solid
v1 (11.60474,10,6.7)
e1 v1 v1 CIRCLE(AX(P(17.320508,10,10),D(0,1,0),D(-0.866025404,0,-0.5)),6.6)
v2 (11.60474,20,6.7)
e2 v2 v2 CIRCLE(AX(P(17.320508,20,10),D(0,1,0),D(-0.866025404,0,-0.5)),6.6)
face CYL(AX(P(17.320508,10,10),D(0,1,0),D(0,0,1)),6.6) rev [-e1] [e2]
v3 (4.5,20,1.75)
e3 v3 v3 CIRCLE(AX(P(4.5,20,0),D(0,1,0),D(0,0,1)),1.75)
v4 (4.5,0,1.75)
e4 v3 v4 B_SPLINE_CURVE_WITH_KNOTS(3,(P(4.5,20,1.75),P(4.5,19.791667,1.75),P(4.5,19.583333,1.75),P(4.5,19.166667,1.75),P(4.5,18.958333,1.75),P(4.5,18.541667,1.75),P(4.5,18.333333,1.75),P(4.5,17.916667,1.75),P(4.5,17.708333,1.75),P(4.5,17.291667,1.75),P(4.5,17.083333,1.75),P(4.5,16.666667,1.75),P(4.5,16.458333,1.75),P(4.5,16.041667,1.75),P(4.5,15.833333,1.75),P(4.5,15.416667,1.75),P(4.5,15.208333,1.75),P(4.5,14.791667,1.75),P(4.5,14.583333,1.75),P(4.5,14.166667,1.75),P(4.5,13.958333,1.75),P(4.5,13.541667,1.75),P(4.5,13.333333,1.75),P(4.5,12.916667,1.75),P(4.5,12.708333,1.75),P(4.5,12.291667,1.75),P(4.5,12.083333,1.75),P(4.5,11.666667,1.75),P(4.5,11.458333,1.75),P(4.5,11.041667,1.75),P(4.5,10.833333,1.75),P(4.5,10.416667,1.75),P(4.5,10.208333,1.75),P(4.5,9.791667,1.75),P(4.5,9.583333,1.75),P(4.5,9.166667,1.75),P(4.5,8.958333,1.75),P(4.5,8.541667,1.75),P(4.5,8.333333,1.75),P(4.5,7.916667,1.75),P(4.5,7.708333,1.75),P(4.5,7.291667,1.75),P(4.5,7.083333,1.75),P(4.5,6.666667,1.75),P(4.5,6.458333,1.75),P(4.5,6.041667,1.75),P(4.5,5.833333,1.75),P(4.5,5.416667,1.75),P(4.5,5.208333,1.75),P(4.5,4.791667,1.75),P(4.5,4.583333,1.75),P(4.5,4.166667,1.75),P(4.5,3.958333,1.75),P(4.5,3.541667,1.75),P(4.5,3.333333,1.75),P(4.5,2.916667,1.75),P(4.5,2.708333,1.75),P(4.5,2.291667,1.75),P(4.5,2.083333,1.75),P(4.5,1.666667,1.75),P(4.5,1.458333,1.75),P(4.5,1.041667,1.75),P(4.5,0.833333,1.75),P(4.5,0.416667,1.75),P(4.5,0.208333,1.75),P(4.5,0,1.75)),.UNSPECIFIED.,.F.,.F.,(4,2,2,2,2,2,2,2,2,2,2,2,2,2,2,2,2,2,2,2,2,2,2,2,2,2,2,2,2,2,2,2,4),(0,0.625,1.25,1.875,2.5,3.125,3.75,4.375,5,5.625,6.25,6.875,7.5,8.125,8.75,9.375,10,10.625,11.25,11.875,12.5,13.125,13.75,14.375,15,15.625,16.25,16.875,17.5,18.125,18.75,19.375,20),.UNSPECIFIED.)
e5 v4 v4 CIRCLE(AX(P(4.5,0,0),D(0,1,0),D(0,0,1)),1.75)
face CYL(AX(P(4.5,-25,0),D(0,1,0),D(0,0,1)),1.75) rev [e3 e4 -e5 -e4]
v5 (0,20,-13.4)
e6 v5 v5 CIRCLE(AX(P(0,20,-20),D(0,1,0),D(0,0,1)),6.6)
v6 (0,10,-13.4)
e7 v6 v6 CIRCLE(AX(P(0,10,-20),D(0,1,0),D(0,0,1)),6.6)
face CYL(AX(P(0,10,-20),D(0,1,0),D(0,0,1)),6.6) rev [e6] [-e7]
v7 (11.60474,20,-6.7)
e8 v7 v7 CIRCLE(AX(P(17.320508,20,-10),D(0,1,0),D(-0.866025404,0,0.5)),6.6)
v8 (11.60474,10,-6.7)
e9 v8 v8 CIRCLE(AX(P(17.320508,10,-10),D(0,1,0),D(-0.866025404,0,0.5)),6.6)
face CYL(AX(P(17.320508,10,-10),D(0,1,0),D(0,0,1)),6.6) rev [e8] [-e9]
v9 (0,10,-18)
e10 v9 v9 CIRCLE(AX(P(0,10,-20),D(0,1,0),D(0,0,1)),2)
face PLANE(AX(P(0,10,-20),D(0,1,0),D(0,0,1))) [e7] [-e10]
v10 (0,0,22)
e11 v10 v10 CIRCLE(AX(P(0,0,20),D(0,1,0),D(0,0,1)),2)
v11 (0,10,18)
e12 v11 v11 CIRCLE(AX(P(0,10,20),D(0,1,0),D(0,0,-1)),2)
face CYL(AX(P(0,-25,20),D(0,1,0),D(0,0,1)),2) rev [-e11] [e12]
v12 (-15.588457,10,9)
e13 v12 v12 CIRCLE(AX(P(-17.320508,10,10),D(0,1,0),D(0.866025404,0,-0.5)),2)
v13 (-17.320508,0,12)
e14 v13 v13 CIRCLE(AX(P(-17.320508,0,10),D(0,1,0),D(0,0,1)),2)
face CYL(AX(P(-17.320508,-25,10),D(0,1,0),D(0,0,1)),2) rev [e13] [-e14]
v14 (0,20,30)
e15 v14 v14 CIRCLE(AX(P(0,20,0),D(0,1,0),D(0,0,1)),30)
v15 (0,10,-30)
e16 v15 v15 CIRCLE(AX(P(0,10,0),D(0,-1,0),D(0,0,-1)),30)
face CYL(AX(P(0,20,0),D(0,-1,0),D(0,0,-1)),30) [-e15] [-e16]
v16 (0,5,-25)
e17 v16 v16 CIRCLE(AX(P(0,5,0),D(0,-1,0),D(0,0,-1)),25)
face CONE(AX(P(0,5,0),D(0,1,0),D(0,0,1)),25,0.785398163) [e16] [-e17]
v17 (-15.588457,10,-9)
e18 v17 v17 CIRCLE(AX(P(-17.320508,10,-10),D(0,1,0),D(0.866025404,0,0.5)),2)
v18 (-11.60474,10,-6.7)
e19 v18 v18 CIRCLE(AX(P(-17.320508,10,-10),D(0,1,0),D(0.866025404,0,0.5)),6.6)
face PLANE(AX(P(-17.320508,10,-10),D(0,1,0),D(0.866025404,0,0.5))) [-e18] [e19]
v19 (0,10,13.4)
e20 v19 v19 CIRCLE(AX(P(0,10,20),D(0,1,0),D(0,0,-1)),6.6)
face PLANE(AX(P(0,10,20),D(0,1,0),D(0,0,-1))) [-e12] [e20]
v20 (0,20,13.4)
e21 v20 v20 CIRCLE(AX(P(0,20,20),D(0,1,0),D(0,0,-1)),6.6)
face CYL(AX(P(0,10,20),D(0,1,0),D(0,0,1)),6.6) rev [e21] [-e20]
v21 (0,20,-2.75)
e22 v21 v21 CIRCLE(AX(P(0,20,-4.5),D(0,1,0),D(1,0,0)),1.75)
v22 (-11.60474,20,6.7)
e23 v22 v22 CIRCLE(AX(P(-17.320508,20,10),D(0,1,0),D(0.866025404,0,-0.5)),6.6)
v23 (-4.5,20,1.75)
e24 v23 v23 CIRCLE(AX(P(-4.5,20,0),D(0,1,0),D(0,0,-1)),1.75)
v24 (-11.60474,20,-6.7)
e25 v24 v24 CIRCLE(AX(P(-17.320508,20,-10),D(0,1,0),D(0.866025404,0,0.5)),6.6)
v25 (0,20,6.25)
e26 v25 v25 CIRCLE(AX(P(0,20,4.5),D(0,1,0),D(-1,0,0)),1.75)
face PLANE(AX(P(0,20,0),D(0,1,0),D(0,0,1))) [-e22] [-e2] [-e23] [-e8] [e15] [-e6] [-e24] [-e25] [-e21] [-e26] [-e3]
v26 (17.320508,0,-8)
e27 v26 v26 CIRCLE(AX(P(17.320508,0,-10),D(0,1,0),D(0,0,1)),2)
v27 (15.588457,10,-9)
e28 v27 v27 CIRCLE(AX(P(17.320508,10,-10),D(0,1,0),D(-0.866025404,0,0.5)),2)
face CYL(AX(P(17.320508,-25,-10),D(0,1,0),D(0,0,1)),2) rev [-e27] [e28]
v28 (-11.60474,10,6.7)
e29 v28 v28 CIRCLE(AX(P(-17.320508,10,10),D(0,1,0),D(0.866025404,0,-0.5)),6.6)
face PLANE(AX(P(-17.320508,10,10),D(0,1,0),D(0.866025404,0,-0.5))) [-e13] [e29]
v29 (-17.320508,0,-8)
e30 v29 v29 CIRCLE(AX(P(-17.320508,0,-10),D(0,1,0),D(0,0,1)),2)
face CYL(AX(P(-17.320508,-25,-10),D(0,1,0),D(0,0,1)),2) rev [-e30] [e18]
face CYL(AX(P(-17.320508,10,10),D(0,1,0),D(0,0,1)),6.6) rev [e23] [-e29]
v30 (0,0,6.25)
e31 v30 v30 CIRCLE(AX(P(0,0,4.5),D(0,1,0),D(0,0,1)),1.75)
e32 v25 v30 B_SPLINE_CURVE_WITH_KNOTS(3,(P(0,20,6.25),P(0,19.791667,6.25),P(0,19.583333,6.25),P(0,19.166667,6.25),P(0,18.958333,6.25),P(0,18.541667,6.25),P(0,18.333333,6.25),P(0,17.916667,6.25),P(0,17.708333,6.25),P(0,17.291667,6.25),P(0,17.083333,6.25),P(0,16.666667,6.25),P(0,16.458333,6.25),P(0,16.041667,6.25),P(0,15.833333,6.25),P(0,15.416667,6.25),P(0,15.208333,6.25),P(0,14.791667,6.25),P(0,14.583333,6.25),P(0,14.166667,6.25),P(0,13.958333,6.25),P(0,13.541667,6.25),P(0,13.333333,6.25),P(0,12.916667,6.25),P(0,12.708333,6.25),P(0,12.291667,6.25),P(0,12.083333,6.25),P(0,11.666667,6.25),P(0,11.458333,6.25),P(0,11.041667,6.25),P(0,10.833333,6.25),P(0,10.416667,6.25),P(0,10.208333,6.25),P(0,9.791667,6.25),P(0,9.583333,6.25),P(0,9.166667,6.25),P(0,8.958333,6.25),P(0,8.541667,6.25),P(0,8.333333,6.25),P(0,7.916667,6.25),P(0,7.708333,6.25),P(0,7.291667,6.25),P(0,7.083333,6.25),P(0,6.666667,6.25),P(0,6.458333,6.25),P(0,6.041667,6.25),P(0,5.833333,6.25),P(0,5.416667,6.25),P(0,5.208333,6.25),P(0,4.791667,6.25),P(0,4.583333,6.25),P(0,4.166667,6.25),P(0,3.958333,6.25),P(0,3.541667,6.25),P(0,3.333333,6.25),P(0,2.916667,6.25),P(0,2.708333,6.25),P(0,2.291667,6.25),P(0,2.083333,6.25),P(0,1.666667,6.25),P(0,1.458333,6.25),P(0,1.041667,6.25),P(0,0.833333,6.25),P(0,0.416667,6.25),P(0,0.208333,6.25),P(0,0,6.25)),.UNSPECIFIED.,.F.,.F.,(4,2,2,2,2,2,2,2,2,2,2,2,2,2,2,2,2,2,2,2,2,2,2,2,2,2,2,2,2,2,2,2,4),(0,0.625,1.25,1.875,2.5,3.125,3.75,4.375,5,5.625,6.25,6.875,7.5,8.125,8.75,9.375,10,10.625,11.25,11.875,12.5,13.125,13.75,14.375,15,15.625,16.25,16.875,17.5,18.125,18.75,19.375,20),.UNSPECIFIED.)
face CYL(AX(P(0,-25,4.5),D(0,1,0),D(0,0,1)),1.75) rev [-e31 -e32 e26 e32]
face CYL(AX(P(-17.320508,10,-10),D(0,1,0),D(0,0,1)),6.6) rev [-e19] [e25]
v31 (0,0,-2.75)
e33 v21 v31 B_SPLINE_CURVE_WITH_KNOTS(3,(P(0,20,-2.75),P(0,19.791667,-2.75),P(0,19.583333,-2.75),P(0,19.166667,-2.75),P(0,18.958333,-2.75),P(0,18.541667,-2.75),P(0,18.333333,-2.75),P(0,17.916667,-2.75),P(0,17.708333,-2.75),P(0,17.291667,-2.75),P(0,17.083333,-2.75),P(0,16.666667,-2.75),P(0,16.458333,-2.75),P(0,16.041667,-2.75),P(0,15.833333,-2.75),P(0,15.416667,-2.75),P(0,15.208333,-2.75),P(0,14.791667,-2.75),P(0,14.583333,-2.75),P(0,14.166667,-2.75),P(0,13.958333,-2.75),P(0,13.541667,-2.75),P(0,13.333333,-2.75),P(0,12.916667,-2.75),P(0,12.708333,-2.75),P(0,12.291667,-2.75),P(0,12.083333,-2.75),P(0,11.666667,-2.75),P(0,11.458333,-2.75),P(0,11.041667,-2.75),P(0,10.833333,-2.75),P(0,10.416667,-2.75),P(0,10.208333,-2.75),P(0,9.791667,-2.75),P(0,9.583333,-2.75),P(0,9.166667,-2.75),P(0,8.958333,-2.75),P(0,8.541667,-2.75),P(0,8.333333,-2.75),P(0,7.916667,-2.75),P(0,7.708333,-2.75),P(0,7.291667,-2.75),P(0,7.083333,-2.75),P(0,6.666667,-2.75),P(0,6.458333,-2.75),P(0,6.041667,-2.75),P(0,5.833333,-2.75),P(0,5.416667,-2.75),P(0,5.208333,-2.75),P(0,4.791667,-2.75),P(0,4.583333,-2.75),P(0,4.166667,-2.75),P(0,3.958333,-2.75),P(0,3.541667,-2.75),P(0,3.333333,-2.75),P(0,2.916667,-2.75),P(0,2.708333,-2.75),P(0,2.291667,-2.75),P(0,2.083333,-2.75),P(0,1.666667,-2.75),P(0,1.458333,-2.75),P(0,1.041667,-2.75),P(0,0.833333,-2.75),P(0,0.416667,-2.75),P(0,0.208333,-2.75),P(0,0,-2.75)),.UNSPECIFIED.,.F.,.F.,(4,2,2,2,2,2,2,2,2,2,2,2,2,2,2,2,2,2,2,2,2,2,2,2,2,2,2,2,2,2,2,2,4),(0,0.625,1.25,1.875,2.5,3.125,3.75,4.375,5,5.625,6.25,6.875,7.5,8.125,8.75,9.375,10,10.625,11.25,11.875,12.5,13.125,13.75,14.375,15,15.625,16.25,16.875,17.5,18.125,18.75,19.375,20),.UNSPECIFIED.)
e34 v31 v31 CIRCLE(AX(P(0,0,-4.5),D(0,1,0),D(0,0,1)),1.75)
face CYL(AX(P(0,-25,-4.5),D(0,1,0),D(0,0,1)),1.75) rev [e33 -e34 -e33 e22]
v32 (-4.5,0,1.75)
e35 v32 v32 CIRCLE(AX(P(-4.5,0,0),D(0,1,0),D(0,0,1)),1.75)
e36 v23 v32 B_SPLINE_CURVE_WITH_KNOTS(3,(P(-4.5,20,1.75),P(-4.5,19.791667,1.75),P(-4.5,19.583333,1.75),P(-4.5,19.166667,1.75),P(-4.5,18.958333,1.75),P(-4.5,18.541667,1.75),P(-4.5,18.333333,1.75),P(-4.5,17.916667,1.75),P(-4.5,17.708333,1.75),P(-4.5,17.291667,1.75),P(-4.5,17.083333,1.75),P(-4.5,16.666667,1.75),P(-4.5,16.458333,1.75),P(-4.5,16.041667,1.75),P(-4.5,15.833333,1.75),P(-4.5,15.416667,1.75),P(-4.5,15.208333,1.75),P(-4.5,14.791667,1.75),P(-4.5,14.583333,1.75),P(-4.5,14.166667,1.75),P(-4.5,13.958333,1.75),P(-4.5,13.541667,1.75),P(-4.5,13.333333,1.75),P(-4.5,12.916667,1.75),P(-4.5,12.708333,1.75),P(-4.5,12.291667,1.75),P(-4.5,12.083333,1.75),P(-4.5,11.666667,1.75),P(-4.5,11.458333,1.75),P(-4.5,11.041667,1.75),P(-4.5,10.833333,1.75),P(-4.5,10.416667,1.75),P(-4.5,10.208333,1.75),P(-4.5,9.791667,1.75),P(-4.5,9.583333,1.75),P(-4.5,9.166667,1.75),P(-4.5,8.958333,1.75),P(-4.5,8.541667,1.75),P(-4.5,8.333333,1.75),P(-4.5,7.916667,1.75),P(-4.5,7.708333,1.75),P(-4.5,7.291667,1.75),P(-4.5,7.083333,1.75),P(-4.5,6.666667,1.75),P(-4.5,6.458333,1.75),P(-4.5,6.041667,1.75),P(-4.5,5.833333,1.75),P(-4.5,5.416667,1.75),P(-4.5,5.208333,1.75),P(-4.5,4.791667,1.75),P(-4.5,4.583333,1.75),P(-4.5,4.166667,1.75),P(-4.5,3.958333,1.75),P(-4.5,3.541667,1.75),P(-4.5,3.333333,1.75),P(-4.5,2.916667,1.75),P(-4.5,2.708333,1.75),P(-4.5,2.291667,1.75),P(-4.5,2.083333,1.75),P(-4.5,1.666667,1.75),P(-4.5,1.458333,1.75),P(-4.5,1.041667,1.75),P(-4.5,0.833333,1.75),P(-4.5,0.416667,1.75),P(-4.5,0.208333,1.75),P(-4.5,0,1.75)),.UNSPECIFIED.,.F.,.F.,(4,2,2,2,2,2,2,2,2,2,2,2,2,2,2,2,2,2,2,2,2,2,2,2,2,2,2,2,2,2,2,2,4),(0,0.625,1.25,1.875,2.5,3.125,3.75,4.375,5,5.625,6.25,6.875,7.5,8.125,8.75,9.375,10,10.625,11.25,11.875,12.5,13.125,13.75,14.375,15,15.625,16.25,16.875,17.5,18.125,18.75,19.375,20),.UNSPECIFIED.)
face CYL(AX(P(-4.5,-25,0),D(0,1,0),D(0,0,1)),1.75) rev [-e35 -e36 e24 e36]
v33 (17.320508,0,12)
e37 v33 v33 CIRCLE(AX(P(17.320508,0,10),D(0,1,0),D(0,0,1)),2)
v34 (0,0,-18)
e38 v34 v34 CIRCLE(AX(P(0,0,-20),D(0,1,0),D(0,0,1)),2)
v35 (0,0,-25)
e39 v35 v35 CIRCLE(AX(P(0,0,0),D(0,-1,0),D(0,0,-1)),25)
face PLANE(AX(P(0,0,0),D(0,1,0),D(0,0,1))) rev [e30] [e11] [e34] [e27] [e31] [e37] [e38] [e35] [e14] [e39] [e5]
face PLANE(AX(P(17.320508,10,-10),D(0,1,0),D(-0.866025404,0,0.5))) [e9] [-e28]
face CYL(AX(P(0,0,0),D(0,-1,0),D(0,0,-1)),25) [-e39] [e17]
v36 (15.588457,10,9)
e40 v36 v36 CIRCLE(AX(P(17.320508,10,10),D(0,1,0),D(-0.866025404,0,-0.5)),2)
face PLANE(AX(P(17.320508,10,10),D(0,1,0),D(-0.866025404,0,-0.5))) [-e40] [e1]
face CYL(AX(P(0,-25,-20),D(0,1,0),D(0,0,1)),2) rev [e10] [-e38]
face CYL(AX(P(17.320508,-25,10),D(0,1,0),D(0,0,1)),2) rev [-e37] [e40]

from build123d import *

# Parameters (mm, degrees)
SKETCH1_R           = 30
BOSS_EXTRUDE1_DEPTH = 20
SKETCH2_R           = 6.6
CUT_EXTRUDE1_DEPTH  = 10
SKETCH3_R           = 2
CUT_EXTRUDE2_DEPTH  = 35
CIRPATTERN1_COUNT   = 6
SKETCH6_R           = 1.75
CUT_EXTRUDE4_DEPTH  = 45
CIRPATTERN3_COUNT   = 4


with BuildPart() as part:
    # Sketch1 → Boss-Extrude1 (new body)
    with BuildSketch(Plane(origin=(0, 0, 0), x_dir=(1, 0, 0), z_dir=(0, 1, 0))):
        with Locations(Location((0, 0, 0), (0, 0, 270))):
            Circle(SKETCH1_R)
    extrude(amount=BOSS_EXTRUDE1_DEPTH)

    # Sketch2 → Cut-Extrude1 (cut)
    with BuildSketch(Plane(origin=(0, 20, 0), x_dir=(1, 0, 0), z_dir=(0, 1, 0))):
        with Locations(Location((0, 20, 0), (0, 0, 270))):
            Circle(SKETCH2_R)
    cut_extrude1 = extrude(amount=-CUT_EXTRUDE1_DEPTH, mode=Mode.SUBTRACT)

    # Sketch3 → Cut-Extrude2 (cut)
    with BuildSketch(Plane(origin=(0, 10, 0), x_dir=(1, 0, 0), z_dir=(0, 1, 0))):
        with Locations(Location((0, 20, 0), (0, 0, 270))):
            Circle(SKETCH3_R)
    cut_extrude2 = extrude(amount=-CUT_EXTRUDE2_DEPTH, mode=Mode.SUBTRACT)

    # CirPattern1: Cut-Extrude1, Cut-Extrude2 ×6 about axis
    cirpattern1_axis = Axis((0, 0, 0), (0, 1, 0))
    add([cut_extrude1.rotate(cirpattern1_axis, i * 360 / CIRPATTERN1_COUNT) for i in range(1, CIRPATTERN1_COUNT)], mode=Mode.SUBTRACT)
    add([cut_extrude2.rotate(cirpattern1_axis, i * 360 / CIRPATTERN1_COUNT) for i in range(1, CIRPATTERN1_COUNT)], mode=Mode.SUBTRACT)

    # Sketch6 → Cut-Extrude4 (cut)
    with BuildSketch(Plane(origin=(0, 20, 0), x_dir=(1, 0, 0), z_dir=(0, 1, 0))):
        with Locations(Location((4.5, 0, 0), (0, 0, 270))):
            Circle(SKETCH6_R)
    cut_extrude4 = extrude(amount=-CUT_EXTRUDE4_DEPTH, mode=Mode.SUBTRACT)

    # CirPattern3: Cut-Extrude4 ×4 about axis
    cirpattern3_axis = Axis((0, 0, 0), (0, 1, 0))
    for i in range(1, CIRPATTERN3_COUNT):
        add(cut_extrude4.rotate(cirpattern3_axis, i * 360 / CIRPATTERN3_COUNT), mode=Mode.SUBTRACT)

    # Sketch7 → Cut-Revolve1 (revolve, cut)
    with BuildSketch(Plane.XY, mode=Mode.PRIVATE) as cut_revolve1_sk:
        Polygon((-25, 0), (-25, 5), (-30, 10), (-30, 0), align=None)
    revolve(cut_revolve1_sk.sketch.rotate(Axis((0, 0, 0), (0, 1, 0)), 270), axis=Axis((0, 0, 0), (0, 1, 0)), mode=Mode.SUBTRACT)


solid = part.part
